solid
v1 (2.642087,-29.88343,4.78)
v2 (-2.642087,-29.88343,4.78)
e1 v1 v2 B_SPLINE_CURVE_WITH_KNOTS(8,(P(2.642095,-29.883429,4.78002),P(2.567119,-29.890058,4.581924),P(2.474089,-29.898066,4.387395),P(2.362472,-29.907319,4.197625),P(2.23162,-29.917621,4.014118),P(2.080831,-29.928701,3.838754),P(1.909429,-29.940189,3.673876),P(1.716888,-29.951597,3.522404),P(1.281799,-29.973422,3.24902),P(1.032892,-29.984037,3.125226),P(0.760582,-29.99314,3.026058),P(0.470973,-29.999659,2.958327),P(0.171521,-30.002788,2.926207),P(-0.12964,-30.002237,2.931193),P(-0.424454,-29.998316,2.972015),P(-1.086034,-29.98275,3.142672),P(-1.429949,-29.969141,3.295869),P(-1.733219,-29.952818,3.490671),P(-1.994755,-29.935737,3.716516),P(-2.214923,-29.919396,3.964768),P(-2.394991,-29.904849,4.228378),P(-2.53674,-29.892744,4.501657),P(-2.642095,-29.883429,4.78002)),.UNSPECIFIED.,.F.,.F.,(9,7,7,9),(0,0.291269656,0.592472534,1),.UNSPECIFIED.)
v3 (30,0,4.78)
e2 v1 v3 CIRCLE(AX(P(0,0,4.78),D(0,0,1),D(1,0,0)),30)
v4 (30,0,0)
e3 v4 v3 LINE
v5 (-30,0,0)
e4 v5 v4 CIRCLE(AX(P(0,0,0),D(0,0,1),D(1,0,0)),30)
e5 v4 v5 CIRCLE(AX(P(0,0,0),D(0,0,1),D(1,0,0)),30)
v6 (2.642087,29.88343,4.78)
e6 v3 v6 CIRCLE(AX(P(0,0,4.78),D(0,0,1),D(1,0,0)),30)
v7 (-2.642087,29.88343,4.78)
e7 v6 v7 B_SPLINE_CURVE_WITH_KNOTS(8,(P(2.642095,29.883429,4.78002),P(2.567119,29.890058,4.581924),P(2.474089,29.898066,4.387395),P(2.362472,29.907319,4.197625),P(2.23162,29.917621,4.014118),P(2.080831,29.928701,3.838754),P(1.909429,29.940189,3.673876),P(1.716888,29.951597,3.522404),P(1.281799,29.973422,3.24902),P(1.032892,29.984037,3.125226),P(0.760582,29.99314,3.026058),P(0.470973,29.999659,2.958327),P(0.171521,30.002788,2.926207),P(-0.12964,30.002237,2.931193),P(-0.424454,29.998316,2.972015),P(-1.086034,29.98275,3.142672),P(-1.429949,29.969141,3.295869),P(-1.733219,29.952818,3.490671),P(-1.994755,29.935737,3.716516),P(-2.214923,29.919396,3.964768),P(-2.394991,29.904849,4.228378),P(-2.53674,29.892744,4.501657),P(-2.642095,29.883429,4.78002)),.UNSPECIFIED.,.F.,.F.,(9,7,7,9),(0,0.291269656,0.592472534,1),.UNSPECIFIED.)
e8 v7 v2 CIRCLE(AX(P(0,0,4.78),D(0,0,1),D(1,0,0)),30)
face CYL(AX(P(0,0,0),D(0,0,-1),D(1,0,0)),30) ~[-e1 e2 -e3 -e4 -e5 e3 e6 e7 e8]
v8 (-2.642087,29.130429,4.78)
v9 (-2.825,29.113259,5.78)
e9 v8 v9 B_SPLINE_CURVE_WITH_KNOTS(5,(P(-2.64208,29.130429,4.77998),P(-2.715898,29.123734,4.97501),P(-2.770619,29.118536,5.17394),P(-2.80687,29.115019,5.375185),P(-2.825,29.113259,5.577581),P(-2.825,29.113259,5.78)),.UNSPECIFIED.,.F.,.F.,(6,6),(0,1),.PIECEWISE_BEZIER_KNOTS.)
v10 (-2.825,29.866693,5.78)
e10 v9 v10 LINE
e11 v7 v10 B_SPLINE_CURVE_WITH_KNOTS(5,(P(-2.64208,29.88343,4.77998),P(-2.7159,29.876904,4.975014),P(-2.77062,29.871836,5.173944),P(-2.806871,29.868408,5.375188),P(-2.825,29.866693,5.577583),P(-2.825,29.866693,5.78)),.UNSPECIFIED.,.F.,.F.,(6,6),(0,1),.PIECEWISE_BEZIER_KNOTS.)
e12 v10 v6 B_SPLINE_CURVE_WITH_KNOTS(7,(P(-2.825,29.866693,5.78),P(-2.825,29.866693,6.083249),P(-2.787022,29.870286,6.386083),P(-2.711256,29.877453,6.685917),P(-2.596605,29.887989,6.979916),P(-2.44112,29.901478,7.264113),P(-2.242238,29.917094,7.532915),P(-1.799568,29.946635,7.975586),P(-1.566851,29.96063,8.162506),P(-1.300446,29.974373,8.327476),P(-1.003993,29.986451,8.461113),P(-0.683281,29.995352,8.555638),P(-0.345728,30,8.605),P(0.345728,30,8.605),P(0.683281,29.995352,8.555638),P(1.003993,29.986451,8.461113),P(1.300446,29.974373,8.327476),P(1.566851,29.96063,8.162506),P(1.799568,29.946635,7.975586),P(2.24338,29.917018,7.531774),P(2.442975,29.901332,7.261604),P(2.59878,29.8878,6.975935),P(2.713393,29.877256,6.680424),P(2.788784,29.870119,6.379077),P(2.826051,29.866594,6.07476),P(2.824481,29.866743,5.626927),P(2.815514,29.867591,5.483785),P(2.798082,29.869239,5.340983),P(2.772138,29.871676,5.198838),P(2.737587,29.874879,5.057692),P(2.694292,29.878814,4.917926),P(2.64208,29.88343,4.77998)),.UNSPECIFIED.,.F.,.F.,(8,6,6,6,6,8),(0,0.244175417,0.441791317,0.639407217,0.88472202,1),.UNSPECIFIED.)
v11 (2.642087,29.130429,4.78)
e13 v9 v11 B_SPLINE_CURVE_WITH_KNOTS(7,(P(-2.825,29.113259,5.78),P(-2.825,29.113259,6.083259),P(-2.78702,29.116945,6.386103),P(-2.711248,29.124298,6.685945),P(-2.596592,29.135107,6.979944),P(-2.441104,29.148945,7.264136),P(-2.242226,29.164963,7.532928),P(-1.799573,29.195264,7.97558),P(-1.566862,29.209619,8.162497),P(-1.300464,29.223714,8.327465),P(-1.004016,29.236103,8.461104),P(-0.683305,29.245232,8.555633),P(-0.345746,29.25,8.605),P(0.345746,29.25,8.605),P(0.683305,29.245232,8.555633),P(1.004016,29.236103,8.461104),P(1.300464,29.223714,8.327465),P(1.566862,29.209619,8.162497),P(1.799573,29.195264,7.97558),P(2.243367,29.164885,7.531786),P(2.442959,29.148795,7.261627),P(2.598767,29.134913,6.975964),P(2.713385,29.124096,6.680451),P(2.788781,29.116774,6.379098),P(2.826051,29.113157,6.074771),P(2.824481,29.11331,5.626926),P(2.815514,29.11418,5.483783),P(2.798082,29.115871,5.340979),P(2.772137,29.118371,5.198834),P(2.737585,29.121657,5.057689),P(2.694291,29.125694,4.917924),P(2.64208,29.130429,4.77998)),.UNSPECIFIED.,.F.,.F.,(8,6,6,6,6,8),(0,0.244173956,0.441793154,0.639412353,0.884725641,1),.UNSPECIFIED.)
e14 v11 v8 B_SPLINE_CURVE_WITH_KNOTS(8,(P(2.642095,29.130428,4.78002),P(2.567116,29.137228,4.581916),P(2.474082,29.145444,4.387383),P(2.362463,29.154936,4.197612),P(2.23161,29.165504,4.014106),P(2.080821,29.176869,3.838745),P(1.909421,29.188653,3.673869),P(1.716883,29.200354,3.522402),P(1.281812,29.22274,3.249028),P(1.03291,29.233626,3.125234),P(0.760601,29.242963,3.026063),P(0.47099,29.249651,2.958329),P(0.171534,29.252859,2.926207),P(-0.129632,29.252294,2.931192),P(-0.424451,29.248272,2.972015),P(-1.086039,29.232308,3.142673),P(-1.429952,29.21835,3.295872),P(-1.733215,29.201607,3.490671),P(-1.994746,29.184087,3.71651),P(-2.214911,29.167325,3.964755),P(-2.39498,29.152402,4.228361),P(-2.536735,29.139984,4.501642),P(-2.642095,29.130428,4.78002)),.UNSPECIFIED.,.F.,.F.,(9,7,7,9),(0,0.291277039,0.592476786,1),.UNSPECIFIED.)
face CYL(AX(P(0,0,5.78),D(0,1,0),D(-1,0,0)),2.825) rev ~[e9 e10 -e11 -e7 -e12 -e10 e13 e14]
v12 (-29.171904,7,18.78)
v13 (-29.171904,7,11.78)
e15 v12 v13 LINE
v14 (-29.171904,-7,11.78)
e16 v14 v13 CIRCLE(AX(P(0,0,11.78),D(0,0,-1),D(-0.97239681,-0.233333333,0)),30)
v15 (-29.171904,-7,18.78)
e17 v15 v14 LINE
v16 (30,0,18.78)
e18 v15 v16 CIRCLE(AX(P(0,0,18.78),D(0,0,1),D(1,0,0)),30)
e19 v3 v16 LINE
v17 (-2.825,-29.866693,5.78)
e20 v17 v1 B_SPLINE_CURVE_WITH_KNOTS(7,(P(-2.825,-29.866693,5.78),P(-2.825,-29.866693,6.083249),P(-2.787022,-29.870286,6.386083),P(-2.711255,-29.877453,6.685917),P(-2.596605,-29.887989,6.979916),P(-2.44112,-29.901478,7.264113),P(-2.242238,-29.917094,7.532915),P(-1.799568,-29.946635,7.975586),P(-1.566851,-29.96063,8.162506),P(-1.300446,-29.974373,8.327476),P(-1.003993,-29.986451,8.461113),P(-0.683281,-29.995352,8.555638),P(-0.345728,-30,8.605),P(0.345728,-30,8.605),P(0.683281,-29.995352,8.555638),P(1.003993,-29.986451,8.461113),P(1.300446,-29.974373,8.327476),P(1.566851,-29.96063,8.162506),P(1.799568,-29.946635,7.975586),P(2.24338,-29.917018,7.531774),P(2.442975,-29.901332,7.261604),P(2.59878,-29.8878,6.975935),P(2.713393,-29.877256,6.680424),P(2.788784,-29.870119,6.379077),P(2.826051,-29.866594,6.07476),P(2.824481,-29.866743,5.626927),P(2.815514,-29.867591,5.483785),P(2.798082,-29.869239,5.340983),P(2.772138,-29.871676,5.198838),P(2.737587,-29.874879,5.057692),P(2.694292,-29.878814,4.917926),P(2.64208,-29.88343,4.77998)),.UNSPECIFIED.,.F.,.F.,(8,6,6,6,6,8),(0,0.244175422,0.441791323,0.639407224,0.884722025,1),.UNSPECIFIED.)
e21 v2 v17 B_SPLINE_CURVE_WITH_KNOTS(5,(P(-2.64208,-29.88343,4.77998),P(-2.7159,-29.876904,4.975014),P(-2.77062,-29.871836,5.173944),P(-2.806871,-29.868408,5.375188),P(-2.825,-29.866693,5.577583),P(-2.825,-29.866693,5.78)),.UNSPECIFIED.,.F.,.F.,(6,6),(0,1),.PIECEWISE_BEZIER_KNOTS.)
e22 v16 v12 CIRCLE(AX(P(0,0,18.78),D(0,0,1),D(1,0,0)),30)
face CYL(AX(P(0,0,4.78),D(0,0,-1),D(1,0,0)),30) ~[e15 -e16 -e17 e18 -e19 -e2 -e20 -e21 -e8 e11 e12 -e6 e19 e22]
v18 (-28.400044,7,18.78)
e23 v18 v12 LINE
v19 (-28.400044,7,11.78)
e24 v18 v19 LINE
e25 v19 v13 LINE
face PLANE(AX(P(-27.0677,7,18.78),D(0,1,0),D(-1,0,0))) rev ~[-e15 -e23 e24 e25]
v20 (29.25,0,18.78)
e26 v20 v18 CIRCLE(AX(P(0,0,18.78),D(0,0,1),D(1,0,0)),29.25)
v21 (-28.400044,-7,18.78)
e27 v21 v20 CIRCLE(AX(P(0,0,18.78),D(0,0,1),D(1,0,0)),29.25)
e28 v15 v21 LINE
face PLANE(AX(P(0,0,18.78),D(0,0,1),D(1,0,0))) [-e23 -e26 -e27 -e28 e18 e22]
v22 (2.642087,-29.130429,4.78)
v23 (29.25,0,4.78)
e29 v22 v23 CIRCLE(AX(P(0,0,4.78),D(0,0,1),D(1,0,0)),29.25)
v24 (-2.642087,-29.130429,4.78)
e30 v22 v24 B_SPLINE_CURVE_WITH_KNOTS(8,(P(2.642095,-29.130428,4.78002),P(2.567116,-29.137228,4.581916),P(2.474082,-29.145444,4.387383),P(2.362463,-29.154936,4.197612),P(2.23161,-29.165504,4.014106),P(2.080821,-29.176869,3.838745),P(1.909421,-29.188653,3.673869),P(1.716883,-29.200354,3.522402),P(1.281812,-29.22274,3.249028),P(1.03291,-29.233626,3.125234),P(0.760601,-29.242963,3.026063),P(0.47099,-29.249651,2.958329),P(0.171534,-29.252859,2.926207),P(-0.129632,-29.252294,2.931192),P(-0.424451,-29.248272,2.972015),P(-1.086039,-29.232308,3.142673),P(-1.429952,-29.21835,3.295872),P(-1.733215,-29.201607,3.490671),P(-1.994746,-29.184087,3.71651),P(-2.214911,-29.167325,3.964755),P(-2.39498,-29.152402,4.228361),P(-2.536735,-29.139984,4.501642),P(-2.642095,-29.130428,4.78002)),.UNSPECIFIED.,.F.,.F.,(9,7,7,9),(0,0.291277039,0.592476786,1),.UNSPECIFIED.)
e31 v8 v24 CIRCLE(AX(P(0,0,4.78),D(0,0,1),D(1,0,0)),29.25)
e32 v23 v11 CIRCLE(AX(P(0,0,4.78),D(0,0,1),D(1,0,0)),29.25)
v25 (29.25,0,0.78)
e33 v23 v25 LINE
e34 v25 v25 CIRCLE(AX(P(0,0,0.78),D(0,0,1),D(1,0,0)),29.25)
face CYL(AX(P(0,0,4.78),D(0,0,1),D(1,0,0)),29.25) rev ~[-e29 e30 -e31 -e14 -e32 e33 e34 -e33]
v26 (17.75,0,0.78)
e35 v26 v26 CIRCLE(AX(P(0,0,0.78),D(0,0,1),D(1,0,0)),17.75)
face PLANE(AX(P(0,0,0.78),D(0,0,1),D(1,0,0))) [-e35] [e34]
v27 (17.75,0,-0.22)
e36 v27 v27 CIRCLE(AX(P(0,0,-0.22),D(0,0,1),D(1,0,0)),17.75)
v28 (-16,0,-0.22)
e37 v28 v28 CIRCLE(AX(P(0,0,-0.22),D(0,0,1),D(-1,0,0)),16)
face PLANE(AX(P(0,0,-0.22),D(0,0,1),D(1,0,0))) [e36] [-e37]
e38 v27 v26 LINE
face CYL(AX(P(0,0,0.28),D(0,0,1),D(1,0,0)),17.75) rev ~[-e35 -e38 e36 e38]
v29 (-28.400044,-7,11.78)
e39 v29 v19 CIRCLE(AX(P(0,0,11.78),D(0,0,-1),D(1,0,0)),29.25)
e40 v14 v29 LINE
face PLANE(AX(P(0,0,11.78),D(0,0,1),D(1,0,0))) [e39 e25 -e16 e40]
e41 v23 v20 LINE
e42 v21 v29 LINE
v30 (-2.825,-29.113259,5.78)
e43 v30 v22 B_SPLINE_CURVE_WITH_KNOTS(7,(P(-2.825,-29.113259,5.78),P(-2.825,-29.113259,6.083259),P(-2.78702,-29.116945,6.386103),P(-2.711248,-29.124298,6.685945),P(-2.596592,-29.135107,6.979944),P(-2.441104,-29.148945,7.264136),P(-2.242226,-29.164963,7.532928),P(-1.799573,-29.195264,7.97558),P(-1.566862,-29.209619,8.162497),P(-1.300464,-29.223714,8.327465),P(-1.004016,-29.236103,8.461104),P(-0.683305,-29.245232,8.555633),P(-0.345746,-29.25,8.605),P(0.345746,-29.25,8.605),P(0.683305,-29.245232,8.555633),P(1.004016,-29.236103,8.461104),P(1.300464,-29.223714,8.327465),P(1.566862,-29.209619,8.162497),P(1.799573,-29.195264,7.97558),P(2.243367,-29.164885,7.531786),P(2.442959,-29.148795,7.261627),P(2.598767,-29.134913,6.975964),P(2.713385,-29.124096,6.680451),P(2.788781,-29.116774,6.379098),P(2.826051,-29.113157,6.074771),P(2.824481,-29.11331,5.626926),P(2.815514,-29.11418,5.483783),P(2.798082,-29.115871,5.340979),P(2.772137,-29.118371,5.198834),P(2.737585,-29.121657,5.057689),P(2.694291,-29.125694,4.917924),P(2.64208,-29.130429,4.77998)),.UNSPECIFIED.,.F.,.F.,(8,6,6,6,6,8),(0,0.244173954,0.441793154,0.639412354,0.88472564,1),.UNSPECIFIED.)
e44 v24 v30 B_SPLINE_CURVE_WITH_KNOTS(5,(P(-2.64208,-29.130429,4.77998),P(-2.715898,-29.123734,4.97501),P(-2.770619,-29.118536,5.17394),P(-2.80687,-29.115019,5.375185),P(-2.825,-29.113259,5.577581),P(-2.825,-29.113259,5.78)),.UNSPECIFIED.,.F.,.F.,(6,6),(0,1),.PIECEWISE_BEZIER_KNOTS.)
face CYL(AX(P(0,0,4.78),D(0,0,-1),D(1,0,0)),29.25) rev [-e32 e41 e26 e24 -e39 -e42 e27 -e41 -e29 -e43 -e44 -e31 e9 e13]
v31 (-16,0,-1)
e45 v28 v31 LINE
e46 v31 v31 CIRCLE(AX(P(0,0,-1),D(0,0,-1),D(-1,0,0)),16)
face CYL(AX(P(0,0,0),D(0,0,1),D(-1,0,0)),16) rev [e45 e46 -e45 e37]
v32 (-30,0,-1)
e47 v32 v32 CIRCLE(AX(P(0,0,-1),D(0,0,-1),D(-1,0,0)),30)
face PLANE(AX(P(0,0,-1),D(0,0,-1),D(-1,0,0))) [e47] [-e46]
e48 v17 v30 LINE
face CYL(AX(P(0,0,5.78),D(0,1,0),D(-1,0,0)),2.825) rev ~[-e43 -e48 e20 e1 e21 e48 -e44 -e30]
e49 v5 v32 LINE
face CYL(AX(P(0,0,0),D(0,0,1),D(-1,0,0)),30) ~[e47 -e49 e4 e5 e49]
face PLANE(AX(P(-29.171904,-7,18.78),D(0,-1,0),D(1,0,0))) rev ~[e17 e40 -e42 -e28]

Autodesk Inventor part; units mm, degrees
ref_plane "YZ Plane" through (0, 0, 0) normal (1, 0, 0) x (0, 1, 0)
ref_plane "XZ Plane" through (0, 0, 0) normal (0, 1, 0) x (-1, 0, 0)
ref_plane "XY Plane" through (0, 0, 0) normal (0, 0, 1) x (1, 0, 0)
sketch "Sketch1" plane through (0, 0, 0) normal (0, 0, 1) x (1, 0, 0)
  circle A0 centre (0, 0) radius 30
  dimension "d0" = 60
extrude "Initial Cylinder" add sketch "Sketch1" along normal blind 4.78
sketch "Sketch2" plane through (0, 0, 4.78) normal (0, 0, 1) x (1, 0, 0)
  circle A0 centre (0, 0) radius 16
  dimension "d3" = 32
extrude "Through-hole" cut sketch "Sketch2" against normal blind 548
sketch "Sketch3" plane through (0, 0, 4.78) normal (0, 0, 1) x (1, 0, 0)
  circle A0 centre (0, 0) radius 29.25
  dimension "d6" = 58.5
extrude "snug ring fit" cut sketch "Sketch3" against normal blind 4
sketch "Sketch5" plane through (0, 0, 0) normal (0, 1, 0) x (-1, 0, 0)
  line L0 (30, 4.78) -> (-30, 4.78) projected
  line L1 (30, 0) -> (-30, 0) projected
  point P0 (0, 0)
  dimension "d16" = 4.78
sketch "Sketch6" plane through (0, 0, 0.78) normal (0, 0, 1) x (1, 0, 0)
  circle A0 centre (0, 0) radius 17.65
  dimension "d17" = 35.3
extrude "Piezo Puzzle indent" cut sketch "Sketch6" against normal blind 0.5
sketch "Sketch7" plane through (0, 0, 0) normal (0, 0, -1) x (-1, 0, 0)
  circle A0 centre (0, 0) radius 16 projected
  circle A1 centre (0, 0) radius 30 projected
extrude "Extra forward thickness" add sketch "Sketch7" along normal blind 1
sketch "Sketch8" plane through (0, 0, 0.28) normal (0, 0, 1) x (1, 0, 0)
  circle A0 centre (0, 0) radius 16 projected
  circle A1 centre (0, 0) radius 17.65 projected
  circle A2 centre (0, 0) radius 17.75
  dimension "d26" = 35.5
extrude "Piezo accomodation for EFT^" cut sketch "Sketch8" along normal mid plane 1 contours A0 | A1 | A2
sketch "Sketch9" plane through (0, 0, 4.78) normal (0, 0, 1) x (1, 0, 0)
  circle A0 centre (0, 0) radius 29.25 projected
  circle A1 centre (0, 0) radius 30 projected
extrude "Downoward extension" add sketch "Sketch9" along normal blind 14
sketch "Sketch4" plane through (0, 0, 0) normal (0, 1, 0) x (-1, 0, 0)
  line L0 (30, 4.78) -> (-30, 4.78) projected
  line L1 (0, 4.78) -> (0, 5.78)
  circle A0 centre (0, 5.78) radius 2.825
  point P0 (0, 0)
  dimension "d10" = 5.65
  dimension "d29" = 1
extrude "Bolt through-hole" cut sketch "Sketch4" along normal mid plane 548
sketch "Sketch11" plane through (0, 0, 18.78) normal (0, 0, 1) x (1, 0, 0)
  line L0 (0, 0) -> (-30, 0)
  circle A0 centre (0, 0) radius 30 projected
  line L1 (-27.0677, -7) -> (-27.0677, 7)
  line L2 (-27.0677, 7) -> (-32.9323, 7)
  line L3 (-32.9323, 7) -> (-32.9323, -7)
  line L4 (-32.9323, -7) -> (-27.0677, -7)
  line L5 (-27.0677, -7) -> (-32.9323, 7) construction
  line L6 (-27.0677, 7) -> (-32.9323, -7) construction
  point P0 (-29.1719, 7)
  point P1 (-29.1719, -7)
  dimension "d32" = 14
extrude "Extrusion10" cut sketch "Sketch11" against normal blind 7 contours L1 L4 A0 L0 | L0 A0 L2 L1
properties part number "Diaphragm_lock"
